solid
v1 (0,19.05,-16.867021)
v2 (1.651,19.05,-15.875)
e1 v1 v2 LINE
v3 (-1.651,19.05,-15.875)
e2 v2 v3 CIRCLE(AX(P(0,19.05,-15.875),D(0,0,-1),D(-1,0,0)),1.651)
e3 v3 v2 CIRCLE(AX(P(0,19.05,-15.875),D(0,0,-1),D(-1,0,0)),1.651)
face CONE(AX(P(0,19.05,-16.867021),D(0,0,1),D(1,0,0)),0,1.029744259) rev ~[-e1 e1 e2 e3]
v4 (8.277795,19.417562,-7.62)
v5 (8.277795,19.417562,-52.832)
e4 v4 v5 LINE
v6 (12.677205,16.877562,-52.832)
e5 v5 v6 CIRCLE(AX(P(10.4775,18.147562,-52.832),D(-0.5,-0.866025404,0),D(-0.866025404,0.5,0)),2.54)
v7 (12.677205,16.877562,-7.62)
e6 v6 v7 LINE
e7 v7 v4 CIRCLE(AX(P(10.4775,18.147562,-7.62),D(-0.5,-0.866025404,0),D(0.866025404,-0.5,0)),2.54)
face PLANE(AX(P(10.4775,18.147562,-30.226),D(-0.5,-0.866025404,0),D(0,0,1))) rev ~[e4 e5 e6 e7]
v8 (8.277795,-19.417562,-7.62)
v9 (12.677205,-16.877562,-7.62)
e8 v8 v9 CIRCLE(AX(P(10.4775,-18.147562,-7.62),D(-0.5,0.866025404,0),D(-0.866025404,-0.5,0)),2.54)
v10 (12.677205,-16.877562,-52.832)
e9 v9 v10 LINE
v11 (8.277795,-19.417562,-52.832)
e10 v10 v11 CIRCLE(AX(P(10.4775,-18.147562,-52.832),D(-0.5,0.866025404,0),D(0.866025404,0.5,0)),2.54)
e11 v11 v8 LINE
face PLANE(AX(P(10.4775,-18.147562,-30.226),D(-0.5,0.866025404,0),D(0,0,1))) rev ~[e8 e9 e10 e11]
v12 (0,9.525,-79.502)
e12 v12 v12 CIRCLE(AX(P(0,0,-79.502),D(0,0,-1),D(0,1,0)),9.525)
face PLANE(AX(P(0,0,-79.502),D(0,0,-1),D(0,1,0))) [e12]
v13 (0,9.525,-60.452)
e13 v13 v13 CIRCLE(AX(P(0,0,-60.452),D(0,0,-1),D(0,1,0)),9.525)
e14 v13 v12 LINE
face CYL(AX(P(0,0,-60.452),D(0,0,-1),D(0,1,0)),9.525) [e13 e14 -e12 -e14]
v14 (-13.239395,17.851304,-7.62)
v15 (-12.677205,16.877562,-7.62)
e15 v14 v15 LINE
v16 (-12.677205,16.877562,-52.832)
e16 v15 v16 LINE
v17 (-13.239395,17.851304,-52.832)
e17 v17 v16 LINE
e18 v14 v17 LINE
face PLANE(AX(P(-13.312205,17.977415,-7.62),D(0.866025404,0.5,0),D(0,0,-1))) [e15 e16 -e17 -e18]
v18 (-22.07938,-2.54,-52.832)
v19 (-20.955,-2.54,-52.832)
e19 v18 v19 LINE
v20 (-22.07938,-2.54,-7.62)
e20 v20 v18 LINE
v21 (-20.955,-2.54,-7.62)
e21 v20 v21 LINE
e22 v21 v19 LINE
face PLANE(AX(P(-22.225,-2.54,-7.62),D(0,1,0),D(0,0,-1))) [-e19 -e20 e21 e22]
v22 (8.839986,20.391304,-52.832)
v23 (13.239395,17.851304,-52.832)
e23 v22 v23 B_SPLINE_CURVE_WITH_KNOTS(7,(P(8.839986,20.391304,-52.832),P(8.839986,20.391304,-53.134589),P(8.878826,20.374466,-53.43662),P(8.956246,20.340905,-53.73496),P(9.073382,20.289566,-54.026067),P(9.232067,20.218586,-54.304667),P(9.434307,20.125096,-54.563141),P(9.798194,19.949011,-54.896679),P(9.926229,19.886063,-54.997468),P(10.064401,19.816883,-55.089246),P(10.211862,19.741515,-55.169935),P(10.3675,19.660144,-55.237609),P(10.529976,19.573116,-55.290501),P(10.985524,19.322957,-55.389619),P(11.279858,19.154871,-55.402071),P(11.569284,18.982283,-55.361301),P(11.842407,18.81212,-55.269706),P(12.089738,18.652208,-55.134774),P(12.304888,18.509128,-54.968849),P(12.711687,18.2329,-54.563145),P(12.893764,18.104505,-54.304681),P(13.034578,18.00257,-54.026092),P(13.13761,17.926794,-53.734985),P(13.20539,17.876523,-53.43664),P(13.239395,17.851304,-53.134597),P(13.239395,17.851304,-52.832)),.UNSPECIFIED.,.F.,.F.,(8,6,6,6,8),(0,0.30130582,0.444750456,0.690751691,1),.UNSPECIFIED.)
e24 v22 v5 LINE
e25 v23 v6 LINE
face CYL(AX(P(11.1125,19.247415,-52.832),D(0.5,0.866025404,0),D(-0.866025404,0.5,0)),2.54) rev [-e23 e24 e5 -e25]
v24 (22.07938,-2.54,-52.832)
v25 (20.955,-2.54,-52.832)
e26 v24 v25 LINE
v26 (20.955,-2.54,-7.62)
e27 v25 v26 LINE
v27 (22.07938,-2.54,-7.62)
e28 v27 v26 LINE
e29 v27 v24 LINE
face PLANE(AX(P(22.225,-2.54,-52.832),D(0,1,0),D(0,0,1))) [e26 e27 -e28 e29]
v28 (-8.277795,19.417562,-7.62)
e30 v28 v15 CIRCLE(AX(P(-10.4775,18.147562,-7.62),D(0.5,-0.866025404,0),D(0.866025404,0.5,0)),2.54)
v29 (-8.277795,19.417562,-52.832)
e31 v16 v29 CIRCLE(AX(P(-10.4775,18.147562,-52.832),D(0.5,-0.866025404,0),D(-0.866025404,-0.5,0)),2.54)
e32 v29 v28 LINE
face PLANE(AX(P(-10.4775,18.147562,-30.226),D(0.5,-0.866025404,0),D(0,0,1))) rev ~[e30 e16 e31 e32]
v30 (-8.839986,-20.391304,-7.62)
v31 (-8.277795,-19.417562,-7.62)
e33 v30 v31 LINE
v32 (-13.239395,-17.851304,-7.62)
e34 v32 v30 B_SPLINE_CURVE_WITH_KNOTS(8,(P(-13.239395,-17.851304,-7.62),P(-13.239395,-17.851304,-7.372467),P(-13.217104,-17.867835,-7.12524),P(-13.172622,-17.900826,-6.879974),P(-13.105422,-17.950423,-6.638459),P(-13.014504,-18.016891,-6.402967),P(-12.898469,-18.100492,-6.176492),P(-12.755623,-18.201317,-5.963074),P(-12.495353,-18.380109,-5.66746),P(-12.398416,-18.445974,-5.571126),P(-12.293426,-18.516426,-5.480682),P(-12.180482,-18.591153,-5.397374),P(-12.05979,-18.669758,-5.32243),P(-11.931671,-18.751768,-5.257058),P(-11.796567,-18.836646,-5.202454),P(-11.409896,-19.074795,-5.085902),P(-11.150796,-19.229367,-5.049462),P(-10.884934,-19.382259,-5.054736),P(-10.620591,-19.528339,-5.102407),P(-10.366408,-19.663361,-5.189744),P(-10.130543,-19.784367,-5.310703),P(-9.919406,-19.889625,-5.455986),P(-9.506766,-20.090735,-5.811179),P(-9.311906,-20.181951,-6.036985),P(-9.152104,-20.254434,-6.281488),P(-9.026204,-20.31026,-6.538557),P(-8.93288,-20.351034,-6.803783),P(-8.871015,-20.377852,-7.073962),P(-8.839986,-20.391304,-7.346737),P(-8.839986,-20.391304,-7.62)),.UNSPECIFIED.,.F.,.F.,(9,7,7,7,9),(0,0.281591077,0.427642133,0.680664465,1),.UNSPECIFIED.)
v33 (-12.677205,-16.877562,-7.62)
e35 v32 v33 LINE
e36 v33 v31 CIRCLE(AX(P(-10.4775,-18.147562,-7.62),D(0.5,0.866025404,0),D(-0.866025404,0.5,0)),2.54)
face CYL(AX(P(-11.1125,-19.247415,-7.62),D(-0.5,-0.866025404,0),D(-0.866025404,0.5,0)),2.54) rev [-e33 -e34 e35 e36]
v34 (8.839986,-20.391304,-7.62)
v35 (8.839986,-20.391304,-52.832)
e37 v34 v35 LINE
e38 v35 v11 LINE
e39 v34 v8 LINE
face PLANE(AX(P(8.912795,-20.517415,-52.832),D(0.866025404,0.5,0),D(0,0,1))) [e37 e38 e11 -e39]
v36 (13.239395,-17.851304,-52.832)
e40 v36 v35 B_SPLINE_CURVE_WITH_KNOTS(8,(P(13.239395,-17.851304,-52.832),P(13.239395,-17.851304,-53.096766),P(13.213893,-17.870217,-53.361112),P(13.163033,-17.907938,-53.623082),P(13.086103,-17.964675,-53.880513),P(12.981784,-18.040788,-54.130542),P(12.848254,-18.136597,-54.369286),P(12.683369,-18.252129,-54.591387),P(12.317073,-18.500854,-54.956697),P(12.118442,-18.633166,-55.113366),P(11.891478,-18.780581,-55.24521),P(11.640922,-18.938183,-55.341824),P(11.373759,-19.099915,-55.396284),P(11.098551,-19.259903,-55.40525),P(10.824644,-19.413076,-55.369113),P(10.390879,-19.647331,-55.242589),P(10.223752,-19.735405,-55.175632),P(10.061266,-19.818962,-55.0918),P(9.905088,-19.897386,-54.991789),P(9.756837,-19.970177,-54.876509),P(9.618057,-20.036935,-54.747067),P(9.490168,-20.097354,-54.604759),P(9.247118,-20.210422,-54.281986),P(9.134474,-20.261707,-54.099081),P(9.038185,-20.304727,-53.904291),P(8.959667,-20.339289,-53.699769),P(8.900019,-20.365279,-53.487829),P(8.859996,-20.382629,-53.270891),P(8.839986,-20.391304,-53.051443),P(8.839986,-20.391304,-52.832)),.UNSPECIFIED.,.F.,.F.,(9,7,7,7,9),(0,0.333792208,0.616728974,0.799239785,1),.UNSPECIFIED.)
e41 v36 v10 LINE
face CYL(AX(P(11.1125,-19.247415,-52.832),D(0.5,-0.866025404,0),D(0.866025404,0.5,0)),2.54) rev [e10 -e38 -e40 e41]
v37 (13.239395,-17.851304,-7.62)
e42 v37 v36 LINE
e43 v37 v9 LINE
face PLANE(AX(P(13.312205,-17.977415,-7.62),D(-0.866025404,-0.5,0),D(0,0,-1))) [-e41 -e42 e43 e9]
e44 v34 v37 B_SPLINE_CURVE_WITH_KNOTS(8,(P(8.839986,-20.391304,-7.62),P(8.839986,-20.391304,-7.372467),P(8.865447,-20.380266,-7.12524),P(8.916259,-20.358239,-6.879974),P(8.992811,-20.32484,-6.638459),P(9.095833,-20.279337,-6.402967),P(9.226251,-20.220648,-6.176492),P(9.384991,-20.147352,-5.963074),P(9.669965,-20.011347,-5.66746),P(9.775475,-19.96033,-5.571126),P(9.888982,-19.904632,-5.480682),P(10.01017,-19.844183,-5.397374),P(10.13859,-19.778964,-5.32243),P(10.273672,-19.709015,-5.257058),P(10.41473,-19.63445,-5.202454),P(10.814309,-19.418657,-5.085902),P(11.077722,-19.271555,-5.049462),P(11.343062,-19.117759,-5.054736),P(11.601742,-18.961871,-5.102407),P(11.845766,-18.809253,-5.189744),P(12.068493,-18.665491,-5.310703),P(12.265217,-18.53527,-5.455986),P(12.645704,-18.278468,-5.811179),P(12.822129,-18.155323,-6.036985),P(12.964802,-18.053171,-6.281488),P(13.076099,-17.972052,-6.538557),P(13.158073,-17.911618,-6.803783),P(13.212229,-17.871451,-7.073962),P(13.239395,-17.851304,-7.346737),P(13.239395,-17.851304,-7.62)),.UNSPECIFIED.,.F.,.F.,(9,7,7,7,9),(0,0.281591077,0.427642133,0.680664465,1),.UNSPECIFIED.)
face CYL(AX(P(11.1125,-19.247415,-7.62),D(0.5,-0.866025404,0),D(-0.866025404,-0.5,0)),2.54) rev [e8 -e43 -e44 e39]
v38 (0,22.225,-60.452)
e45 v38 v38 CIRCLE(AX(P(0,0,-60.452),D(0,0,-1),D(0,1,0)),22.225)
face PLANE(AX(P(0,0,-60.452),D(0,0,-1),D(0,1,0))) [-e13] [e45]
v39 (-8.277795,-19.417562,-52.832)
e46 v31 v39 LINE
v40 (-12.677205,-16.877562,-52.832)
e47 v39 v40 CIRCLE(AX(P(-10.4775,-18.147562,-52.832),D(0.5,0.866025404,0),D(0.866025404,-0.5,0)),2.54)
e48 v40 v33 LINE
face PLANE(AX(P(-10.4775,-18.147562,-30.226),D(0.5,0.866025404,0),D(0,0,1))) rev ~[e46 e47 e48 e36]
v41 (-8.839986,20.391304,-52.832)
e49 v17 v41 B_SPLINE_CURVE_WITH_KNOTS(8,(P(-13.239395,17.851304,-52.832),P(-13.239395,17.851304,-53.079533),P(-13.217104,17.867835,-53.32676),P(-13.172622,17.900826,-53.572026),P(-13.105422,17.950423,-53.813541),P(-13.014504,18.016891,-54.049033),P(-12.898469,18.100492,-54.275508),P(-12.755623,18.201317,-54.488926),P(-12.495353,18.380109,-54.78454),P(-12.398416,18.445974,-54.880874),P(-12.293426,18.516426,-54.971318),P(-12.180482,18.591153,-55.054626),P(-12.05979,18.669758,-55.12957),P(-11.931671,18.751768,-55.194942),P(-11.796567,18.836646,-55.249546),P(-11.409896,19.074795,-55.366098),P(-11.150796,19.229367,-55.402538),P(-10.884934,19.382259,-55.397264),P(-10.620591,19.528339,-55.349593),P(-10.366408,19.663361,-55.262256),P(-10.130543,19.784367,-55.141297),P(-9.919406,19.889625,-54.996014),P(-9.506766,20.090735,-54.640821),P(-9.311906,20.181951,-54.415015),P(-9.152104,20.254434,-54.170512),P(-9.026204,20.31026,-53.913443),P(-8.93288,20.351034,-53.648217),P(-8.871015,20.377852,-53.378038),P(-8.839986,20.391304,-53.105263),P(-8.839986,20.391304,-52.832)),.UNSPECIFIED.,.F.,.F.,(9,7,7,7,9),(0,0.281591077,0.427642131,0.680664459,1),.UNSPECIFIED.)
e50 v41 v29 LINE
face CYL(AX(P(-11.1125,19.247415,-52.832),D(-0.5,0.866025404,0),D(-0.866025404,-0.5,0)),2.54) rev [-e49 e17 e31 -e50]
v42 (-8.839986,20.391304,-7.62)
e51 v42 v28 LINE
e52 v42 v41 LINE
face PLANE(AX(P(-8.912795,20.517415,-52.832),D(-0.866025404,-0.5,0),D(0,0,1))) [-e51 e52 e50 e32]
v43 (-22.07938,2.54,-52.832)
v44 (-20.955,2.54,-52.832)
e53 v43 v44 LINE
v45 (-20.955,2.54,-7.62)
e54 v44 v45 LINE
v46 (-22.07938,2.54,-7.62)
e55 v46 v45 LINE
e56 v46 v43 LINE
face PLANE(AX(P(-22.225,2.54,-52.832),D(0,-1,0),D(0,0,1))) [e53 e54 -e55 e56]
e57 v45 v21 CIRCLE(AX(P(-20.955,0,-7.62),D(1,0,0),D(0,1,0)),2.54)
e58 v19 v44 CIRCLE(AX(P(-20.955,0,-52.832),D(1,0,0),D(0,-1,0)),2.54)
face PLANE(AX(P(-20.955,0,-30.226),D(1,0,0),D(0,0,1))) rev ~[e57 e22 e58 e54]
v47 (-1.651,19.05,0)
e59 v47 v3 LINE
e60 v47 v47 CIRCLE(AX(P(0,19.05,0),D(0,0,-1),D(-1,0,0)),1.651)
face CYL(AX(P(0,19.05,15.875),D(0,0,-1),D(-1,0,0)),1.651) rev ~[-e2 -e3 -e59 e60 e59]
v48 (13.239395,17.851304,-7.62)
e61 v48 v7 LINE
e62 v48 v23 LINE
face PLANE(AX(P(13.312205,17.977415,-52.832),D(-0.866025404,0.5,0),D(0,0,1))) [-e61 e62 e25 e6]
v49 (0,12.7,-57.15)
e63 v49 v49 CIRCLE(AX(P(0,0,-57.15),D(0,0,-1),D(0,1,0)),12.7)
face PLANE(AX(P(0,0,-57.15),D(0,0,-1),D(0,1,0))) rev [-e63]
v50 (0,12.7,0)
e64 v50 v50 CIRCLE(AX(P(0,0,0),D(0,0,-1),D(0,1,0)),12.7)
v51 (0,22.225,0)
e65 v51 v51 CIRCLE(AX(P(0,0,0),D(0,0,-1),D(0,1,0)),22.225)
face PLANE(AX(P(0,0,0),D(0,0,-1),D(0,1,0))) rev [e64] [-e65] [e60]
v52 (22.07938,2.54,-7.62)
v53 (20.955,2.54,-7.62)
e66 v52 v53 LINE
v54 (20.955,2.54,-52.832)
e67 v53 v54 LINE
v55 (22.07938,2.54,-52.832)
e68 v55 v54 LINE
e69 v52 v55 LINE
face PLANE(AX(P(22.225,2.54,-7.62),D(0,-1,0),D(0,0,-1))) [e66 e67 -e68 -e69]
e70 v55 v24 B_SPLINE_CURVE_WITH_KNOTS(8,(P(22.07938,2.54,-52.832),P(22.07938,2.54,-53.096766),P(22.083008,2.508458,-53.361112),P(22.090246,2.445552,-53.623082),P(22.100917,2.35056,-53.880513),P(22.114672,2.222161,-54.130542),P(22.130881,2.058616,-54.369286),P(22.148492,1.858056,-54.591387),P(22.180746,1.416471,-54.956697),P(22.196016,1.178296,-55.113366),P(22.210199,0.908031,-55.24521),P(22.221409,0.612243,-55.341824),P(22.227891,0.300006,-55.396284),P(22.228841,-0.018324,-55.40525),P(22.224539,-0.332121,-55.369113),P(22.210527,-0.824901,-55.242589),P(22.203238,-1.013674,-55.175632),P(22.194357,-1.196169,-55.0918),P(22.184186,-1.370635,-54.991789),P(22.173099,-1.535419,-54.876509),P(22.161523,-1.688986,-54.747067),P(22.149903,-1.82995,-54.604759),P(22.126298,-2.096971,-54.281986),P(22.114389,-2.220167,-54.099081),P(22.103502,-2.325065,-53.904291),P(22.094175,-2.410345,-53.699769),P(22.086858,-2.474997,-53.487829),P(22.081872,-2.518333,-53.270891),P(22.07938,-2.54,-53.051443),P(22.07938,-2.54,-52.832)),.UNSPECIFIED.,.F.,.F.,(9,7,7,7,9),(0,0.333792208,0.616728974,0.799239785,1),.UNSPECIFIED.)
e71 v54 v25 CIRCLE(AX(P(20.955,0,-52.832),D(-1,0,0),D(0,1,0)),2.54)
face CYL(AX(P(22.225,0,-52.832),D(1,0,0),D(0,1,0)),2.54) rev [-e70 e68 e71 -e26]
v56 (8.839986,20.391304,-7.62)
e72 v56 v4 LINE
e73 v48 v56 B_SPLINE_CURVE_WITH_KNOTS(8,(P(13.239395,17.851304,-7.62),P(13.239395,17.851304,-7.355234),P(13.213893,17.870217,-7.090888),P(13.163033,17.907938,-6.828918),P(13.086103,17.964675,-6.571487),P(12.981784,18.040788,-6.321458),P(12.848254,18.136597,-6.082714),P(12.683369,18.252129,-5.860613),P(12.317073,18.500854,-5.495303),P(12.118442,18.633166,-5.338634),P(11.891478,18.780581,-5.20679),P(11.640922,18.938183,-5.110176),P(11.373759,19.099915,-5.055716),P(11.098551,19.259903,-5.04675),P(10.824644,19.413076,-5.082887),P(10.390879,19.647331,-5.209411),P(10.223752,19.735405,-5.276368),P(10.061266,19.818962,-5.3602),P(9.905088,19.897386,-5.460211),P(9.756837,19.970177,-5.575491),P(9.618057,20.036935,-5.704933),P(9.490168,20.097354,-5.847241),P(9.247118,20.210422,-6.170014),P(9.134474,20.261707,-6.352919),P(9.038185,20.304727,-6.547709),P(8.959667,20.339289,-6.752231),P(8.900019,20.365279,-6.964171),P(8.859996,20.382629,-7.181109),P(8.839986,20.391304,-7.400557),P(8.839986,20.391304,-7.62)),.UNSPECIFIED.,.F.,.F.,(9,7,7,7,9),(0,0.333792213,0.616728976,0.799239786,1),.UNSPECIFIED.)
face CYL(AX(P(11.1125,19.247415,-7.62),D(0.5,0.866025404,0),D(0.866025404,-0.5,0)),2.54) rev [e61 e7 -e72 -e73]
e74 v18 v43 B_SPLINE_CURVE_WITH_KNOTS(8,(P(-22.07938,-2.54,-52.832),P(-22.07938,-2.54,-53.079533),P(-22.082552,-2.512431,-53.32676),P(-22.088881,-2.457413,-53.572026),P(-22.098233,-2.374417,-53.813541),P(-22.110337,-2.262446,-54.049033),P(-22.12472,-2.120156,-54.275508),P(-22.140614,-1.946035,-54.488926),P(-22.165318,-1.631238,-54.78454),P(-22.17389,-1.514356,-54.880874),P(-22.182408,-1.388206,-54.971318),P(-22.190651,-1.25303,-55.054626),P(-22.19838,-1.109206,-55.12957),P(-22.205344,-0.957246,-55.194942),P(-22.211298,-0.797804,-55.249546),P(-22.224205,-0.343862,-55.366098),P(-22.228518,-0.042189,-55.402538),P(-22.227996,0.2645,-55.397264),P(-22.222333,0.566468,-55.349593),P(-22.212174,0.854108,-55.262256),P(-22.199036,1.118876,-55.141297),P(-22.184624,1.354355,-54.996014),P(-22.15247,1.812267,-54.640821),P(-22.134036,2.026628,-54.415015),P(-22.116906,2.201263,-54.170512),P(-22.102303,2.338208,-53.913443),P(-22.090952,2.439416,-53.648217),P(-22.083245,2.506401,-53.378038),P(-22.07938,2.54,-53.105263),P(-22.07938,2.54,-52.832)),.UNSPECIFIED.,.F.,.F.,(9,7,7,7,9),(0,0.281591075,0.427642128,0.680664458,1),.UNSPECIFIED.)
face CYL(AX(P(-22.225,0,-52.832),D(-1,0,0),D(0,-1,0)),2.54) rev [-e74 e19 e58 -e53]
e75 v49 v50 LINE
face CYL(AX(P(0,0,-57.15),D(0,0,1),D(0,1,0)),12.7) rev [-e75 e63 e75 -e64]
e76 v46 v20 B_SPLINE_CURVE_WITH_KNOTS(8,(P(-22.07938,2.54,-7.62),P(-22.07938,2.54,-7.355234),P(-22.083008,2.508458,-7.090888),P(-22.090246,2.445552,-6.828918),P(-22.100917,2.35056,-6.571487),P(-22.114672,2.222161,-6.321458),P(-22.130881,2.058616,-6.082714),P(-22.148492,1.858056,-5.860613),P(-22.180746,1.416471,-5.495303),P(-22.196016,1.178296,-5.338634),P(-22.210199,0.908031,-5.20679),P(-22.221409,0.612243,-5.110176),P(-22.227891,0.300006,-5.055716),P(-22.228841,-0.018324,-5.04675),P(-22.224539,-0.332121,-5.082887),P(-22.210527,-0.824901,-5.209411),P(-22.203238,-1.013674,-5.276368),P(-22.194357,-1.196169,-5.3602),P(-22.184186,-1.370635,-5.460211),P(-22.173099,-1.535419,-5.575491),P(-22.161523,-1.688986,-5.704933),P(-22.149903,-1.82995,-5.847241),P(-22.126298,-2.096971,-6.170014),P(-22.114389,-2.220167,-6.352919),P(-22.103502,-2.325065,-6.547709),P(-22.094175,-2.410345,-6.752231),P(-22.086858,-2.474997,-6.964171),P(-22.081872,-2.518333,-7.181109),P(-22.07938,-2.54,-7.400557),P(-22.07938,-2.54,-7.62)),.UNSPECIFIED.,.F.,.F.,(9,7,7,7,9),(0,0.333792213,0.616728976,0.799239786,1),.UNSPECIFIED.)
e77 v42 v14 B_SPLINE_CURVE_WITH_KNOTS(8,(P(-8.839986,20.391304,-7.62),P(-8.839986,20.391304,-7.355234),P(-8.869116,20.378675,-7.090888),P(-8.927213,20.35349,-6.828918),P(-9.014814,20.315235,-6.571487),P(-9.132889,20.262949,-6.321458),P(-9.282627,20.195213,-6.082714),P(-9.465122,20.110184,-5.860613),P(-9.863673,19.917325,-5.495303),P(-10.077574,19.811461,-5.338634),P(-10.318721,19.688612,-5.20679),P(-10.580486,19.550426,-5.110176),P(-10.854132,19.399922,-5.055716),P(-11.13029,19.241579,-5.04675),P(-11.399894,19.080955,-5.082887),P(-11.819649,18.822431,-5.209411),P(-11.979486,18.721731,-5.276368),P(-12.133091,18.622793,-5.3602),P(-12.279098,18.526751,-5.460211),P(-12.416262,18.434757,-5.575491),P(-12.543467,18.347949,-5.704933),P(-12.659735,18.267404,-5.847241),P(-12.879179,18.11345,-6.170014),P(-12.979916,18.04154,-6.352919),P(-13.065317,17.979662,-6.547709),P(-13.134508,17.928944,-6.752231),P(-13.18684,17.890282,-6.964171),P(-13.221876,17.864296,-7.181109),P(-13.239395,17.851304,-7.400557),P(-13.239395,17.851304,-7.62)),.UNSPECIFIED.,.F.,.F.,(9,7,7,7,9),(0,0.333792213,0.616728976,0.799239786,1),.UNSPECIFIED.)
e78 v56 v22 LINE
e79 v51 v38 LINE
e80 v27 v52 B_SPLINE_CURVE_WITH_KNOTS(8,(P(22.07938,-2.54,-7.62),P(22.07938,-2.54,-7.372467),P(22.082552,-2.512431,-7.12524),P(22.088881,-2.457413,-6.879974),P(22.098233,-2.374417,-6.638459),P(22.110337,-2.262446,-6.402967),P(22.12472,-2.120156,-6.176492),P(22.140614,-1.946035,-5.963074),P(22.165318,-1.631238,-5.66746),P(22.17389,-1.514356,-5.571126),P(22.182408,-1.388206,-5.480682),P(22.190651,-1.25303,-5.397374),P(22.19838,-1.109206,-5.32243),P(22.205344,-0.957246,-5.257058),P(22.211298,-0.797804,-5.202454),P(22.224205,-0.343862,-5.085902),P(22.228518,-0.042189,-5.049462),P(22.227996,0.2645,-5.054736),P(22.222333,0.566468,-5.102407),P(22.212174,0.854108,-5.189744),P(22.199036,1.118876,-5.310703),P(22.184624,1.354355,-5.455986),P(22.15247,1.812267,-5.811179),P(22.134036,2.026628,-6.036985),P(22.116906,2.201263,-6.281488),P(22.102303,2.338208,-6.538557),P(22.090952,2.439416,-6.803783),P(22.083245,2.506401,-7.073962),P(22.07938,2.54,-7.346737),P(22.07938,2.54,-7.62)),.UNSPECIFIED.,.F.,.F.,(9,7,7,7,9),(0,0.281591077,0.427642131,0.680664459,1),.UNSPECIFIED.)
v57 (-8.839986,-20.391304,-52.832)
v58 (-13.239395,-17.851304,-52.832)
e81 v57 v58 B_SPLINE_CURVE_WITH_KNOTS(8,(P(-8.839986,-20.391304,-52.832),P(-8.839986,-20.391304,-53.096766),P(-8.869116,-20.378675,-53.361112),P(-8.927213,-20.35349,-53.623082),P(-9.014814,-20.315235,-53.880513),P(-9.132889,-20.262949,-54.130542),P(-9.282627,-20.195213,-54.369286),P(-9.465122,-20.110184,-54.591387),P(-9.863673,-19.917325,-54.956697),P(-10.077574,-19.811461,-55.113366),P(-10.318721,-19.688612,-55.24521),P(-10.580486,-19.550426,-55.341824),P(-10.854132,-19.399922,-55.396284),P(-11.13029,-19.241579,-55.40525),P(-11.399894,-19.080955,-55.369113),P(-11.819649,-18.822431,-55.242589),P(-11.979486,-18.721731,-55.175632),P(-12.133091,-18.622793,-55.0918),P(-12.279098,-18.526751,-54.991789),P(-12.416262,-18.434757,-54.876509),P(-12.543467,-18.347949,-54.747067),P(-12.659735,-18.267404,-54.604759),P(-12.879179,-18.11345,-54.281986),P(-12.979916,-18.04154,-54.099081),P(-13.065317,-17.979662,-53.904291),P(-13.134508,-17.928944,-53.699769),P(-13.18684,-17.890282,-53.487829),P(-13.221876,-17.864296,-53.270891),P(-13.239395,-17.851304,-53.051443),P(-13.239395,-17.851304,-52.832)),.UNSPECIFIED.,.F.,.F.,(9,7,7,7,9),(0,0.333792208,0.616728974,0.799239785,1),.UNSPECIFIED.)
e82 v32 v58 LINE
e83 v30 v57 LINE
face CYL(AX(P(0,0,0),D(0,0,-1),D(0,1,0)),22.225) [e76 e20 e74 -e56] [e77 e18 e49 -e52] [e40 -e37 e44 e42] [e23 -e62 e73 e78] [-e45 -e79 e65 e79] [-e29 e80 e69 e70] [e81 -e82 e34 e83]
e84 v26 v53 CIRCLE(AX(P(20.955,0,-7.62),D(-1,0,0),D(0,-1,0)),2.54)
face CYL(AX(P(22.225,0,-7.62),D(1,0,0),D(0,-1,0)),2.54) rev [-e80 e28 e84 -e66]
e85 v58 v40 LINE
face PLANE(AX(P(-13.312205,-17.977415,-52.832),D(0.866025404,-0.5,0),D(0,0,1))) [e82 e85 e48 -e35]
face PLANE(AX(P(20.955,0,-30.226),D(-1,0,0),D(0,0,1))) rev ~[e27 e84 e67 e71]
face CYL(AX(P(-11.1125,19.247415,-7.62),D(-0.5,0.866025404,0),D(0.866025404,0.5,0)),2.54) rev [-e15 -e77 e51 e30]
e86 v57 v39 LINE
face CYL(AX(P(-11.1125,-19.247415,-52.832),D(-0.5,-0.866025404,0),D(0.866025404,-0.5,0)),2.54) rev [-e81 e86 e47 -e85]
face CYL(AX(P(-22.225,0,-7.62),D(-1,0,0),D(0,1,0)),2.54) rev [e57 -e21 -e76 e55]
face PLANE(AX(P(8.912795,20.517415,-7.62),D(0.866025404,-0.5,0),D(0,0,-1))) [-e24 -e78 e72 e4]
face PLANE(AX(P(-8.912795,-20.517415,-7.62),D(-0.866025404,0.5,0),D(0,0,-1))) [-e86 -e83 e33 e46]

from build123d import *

# Parameters (mm, degrees)
CUT_EXTRUDE1_DEPTH              = 1.27
CIRPATTERN1_COUNT               = 6
F_3_4_0_13_DIAMETER_HOLE1_D     = 3.302
F_3_4_0_13_DIAMETER_HOLE1_DEPTH = 15.875
F_3_4_0_13_DIAMETER_HOLE1_TIP   = 0.992020882


with BuildPart() as part:
    # Sketch1 → Revolve1 (revolve)
    with BuildSketch(Plane(origin=(0, 0, 0), x_dir=(0, 0, -1), z_dir=(1, 0, 0))):
        Polygon((0, 12.7), (0, 22.225), (60.452, 22.225), (60.452, 9.525), (79.502, 9.525), (79.502, 0), (57.15, 0), (57.15, 12.7), align=None)
    revolve(axis=Axis((0, 0, 0), (0, 0, -1)))

    # Sketch2 → Cut-Extrude1 (cut)
    with BuildSketch(Plane(origin=(22.225, 0, 0), x_dir=(0, 0, -1), z_dir=(1, 0, 0))):
        with BuildLine():
            Line((7.62, 2.54), (52.832, 2.54))
            ThreePointArc((52.832, 2.54), (55.372, 0), (52.832, -2.54))
            Line((52.832, -2.54), (7.62, -2.54))
            ThreePointArc((7.62, -2.54), (5.08, 0), (7.62, 2.54))
        make_face()
    cut_extrude1 = extrude(amount=-CUT_EXTRUDE1_DEPTH, mode=Mode.SUBTRACT)

    # CirPattern1: Cut-Extrude1 ×6 about axis
    cirpattern1_axis = Axis((0, 0, 0), (0, 0, 1))
    for i in range(1, CIRPATTERN1_COUNT):
        add(cut_extrude1.rotate(cirpattern1_axis, i * 360 / CIRPATTERN1_COUNT), mode=Mode.SUBTRACT)

    # 3/4 (0.13) Diameter Hole1
    with Locations(Plane.XY):
        with Locations((0, 19.05)):
            Hole(F_3_4_0_13_DIAMETER_HOLE1_D / 2, depth=F_3_4_0_13_DIAMETER_HOLE1_DEPTH)
            with Locations((0, 0, -(F_3_4_0_13_DIAMETER_HOLE1_DEPTH + F_3_4_0_13_DIAMETER_HOLE1_TIP / 2))):  # 118° drill point
                Cone(0, F_3_4_0_13_DIAMETER_HOLE1_D / 2, F_3_4_0_13_DIAMETER_HOLE1_TIP, mode=Mode.SUBTRACT)


solid = part.part
